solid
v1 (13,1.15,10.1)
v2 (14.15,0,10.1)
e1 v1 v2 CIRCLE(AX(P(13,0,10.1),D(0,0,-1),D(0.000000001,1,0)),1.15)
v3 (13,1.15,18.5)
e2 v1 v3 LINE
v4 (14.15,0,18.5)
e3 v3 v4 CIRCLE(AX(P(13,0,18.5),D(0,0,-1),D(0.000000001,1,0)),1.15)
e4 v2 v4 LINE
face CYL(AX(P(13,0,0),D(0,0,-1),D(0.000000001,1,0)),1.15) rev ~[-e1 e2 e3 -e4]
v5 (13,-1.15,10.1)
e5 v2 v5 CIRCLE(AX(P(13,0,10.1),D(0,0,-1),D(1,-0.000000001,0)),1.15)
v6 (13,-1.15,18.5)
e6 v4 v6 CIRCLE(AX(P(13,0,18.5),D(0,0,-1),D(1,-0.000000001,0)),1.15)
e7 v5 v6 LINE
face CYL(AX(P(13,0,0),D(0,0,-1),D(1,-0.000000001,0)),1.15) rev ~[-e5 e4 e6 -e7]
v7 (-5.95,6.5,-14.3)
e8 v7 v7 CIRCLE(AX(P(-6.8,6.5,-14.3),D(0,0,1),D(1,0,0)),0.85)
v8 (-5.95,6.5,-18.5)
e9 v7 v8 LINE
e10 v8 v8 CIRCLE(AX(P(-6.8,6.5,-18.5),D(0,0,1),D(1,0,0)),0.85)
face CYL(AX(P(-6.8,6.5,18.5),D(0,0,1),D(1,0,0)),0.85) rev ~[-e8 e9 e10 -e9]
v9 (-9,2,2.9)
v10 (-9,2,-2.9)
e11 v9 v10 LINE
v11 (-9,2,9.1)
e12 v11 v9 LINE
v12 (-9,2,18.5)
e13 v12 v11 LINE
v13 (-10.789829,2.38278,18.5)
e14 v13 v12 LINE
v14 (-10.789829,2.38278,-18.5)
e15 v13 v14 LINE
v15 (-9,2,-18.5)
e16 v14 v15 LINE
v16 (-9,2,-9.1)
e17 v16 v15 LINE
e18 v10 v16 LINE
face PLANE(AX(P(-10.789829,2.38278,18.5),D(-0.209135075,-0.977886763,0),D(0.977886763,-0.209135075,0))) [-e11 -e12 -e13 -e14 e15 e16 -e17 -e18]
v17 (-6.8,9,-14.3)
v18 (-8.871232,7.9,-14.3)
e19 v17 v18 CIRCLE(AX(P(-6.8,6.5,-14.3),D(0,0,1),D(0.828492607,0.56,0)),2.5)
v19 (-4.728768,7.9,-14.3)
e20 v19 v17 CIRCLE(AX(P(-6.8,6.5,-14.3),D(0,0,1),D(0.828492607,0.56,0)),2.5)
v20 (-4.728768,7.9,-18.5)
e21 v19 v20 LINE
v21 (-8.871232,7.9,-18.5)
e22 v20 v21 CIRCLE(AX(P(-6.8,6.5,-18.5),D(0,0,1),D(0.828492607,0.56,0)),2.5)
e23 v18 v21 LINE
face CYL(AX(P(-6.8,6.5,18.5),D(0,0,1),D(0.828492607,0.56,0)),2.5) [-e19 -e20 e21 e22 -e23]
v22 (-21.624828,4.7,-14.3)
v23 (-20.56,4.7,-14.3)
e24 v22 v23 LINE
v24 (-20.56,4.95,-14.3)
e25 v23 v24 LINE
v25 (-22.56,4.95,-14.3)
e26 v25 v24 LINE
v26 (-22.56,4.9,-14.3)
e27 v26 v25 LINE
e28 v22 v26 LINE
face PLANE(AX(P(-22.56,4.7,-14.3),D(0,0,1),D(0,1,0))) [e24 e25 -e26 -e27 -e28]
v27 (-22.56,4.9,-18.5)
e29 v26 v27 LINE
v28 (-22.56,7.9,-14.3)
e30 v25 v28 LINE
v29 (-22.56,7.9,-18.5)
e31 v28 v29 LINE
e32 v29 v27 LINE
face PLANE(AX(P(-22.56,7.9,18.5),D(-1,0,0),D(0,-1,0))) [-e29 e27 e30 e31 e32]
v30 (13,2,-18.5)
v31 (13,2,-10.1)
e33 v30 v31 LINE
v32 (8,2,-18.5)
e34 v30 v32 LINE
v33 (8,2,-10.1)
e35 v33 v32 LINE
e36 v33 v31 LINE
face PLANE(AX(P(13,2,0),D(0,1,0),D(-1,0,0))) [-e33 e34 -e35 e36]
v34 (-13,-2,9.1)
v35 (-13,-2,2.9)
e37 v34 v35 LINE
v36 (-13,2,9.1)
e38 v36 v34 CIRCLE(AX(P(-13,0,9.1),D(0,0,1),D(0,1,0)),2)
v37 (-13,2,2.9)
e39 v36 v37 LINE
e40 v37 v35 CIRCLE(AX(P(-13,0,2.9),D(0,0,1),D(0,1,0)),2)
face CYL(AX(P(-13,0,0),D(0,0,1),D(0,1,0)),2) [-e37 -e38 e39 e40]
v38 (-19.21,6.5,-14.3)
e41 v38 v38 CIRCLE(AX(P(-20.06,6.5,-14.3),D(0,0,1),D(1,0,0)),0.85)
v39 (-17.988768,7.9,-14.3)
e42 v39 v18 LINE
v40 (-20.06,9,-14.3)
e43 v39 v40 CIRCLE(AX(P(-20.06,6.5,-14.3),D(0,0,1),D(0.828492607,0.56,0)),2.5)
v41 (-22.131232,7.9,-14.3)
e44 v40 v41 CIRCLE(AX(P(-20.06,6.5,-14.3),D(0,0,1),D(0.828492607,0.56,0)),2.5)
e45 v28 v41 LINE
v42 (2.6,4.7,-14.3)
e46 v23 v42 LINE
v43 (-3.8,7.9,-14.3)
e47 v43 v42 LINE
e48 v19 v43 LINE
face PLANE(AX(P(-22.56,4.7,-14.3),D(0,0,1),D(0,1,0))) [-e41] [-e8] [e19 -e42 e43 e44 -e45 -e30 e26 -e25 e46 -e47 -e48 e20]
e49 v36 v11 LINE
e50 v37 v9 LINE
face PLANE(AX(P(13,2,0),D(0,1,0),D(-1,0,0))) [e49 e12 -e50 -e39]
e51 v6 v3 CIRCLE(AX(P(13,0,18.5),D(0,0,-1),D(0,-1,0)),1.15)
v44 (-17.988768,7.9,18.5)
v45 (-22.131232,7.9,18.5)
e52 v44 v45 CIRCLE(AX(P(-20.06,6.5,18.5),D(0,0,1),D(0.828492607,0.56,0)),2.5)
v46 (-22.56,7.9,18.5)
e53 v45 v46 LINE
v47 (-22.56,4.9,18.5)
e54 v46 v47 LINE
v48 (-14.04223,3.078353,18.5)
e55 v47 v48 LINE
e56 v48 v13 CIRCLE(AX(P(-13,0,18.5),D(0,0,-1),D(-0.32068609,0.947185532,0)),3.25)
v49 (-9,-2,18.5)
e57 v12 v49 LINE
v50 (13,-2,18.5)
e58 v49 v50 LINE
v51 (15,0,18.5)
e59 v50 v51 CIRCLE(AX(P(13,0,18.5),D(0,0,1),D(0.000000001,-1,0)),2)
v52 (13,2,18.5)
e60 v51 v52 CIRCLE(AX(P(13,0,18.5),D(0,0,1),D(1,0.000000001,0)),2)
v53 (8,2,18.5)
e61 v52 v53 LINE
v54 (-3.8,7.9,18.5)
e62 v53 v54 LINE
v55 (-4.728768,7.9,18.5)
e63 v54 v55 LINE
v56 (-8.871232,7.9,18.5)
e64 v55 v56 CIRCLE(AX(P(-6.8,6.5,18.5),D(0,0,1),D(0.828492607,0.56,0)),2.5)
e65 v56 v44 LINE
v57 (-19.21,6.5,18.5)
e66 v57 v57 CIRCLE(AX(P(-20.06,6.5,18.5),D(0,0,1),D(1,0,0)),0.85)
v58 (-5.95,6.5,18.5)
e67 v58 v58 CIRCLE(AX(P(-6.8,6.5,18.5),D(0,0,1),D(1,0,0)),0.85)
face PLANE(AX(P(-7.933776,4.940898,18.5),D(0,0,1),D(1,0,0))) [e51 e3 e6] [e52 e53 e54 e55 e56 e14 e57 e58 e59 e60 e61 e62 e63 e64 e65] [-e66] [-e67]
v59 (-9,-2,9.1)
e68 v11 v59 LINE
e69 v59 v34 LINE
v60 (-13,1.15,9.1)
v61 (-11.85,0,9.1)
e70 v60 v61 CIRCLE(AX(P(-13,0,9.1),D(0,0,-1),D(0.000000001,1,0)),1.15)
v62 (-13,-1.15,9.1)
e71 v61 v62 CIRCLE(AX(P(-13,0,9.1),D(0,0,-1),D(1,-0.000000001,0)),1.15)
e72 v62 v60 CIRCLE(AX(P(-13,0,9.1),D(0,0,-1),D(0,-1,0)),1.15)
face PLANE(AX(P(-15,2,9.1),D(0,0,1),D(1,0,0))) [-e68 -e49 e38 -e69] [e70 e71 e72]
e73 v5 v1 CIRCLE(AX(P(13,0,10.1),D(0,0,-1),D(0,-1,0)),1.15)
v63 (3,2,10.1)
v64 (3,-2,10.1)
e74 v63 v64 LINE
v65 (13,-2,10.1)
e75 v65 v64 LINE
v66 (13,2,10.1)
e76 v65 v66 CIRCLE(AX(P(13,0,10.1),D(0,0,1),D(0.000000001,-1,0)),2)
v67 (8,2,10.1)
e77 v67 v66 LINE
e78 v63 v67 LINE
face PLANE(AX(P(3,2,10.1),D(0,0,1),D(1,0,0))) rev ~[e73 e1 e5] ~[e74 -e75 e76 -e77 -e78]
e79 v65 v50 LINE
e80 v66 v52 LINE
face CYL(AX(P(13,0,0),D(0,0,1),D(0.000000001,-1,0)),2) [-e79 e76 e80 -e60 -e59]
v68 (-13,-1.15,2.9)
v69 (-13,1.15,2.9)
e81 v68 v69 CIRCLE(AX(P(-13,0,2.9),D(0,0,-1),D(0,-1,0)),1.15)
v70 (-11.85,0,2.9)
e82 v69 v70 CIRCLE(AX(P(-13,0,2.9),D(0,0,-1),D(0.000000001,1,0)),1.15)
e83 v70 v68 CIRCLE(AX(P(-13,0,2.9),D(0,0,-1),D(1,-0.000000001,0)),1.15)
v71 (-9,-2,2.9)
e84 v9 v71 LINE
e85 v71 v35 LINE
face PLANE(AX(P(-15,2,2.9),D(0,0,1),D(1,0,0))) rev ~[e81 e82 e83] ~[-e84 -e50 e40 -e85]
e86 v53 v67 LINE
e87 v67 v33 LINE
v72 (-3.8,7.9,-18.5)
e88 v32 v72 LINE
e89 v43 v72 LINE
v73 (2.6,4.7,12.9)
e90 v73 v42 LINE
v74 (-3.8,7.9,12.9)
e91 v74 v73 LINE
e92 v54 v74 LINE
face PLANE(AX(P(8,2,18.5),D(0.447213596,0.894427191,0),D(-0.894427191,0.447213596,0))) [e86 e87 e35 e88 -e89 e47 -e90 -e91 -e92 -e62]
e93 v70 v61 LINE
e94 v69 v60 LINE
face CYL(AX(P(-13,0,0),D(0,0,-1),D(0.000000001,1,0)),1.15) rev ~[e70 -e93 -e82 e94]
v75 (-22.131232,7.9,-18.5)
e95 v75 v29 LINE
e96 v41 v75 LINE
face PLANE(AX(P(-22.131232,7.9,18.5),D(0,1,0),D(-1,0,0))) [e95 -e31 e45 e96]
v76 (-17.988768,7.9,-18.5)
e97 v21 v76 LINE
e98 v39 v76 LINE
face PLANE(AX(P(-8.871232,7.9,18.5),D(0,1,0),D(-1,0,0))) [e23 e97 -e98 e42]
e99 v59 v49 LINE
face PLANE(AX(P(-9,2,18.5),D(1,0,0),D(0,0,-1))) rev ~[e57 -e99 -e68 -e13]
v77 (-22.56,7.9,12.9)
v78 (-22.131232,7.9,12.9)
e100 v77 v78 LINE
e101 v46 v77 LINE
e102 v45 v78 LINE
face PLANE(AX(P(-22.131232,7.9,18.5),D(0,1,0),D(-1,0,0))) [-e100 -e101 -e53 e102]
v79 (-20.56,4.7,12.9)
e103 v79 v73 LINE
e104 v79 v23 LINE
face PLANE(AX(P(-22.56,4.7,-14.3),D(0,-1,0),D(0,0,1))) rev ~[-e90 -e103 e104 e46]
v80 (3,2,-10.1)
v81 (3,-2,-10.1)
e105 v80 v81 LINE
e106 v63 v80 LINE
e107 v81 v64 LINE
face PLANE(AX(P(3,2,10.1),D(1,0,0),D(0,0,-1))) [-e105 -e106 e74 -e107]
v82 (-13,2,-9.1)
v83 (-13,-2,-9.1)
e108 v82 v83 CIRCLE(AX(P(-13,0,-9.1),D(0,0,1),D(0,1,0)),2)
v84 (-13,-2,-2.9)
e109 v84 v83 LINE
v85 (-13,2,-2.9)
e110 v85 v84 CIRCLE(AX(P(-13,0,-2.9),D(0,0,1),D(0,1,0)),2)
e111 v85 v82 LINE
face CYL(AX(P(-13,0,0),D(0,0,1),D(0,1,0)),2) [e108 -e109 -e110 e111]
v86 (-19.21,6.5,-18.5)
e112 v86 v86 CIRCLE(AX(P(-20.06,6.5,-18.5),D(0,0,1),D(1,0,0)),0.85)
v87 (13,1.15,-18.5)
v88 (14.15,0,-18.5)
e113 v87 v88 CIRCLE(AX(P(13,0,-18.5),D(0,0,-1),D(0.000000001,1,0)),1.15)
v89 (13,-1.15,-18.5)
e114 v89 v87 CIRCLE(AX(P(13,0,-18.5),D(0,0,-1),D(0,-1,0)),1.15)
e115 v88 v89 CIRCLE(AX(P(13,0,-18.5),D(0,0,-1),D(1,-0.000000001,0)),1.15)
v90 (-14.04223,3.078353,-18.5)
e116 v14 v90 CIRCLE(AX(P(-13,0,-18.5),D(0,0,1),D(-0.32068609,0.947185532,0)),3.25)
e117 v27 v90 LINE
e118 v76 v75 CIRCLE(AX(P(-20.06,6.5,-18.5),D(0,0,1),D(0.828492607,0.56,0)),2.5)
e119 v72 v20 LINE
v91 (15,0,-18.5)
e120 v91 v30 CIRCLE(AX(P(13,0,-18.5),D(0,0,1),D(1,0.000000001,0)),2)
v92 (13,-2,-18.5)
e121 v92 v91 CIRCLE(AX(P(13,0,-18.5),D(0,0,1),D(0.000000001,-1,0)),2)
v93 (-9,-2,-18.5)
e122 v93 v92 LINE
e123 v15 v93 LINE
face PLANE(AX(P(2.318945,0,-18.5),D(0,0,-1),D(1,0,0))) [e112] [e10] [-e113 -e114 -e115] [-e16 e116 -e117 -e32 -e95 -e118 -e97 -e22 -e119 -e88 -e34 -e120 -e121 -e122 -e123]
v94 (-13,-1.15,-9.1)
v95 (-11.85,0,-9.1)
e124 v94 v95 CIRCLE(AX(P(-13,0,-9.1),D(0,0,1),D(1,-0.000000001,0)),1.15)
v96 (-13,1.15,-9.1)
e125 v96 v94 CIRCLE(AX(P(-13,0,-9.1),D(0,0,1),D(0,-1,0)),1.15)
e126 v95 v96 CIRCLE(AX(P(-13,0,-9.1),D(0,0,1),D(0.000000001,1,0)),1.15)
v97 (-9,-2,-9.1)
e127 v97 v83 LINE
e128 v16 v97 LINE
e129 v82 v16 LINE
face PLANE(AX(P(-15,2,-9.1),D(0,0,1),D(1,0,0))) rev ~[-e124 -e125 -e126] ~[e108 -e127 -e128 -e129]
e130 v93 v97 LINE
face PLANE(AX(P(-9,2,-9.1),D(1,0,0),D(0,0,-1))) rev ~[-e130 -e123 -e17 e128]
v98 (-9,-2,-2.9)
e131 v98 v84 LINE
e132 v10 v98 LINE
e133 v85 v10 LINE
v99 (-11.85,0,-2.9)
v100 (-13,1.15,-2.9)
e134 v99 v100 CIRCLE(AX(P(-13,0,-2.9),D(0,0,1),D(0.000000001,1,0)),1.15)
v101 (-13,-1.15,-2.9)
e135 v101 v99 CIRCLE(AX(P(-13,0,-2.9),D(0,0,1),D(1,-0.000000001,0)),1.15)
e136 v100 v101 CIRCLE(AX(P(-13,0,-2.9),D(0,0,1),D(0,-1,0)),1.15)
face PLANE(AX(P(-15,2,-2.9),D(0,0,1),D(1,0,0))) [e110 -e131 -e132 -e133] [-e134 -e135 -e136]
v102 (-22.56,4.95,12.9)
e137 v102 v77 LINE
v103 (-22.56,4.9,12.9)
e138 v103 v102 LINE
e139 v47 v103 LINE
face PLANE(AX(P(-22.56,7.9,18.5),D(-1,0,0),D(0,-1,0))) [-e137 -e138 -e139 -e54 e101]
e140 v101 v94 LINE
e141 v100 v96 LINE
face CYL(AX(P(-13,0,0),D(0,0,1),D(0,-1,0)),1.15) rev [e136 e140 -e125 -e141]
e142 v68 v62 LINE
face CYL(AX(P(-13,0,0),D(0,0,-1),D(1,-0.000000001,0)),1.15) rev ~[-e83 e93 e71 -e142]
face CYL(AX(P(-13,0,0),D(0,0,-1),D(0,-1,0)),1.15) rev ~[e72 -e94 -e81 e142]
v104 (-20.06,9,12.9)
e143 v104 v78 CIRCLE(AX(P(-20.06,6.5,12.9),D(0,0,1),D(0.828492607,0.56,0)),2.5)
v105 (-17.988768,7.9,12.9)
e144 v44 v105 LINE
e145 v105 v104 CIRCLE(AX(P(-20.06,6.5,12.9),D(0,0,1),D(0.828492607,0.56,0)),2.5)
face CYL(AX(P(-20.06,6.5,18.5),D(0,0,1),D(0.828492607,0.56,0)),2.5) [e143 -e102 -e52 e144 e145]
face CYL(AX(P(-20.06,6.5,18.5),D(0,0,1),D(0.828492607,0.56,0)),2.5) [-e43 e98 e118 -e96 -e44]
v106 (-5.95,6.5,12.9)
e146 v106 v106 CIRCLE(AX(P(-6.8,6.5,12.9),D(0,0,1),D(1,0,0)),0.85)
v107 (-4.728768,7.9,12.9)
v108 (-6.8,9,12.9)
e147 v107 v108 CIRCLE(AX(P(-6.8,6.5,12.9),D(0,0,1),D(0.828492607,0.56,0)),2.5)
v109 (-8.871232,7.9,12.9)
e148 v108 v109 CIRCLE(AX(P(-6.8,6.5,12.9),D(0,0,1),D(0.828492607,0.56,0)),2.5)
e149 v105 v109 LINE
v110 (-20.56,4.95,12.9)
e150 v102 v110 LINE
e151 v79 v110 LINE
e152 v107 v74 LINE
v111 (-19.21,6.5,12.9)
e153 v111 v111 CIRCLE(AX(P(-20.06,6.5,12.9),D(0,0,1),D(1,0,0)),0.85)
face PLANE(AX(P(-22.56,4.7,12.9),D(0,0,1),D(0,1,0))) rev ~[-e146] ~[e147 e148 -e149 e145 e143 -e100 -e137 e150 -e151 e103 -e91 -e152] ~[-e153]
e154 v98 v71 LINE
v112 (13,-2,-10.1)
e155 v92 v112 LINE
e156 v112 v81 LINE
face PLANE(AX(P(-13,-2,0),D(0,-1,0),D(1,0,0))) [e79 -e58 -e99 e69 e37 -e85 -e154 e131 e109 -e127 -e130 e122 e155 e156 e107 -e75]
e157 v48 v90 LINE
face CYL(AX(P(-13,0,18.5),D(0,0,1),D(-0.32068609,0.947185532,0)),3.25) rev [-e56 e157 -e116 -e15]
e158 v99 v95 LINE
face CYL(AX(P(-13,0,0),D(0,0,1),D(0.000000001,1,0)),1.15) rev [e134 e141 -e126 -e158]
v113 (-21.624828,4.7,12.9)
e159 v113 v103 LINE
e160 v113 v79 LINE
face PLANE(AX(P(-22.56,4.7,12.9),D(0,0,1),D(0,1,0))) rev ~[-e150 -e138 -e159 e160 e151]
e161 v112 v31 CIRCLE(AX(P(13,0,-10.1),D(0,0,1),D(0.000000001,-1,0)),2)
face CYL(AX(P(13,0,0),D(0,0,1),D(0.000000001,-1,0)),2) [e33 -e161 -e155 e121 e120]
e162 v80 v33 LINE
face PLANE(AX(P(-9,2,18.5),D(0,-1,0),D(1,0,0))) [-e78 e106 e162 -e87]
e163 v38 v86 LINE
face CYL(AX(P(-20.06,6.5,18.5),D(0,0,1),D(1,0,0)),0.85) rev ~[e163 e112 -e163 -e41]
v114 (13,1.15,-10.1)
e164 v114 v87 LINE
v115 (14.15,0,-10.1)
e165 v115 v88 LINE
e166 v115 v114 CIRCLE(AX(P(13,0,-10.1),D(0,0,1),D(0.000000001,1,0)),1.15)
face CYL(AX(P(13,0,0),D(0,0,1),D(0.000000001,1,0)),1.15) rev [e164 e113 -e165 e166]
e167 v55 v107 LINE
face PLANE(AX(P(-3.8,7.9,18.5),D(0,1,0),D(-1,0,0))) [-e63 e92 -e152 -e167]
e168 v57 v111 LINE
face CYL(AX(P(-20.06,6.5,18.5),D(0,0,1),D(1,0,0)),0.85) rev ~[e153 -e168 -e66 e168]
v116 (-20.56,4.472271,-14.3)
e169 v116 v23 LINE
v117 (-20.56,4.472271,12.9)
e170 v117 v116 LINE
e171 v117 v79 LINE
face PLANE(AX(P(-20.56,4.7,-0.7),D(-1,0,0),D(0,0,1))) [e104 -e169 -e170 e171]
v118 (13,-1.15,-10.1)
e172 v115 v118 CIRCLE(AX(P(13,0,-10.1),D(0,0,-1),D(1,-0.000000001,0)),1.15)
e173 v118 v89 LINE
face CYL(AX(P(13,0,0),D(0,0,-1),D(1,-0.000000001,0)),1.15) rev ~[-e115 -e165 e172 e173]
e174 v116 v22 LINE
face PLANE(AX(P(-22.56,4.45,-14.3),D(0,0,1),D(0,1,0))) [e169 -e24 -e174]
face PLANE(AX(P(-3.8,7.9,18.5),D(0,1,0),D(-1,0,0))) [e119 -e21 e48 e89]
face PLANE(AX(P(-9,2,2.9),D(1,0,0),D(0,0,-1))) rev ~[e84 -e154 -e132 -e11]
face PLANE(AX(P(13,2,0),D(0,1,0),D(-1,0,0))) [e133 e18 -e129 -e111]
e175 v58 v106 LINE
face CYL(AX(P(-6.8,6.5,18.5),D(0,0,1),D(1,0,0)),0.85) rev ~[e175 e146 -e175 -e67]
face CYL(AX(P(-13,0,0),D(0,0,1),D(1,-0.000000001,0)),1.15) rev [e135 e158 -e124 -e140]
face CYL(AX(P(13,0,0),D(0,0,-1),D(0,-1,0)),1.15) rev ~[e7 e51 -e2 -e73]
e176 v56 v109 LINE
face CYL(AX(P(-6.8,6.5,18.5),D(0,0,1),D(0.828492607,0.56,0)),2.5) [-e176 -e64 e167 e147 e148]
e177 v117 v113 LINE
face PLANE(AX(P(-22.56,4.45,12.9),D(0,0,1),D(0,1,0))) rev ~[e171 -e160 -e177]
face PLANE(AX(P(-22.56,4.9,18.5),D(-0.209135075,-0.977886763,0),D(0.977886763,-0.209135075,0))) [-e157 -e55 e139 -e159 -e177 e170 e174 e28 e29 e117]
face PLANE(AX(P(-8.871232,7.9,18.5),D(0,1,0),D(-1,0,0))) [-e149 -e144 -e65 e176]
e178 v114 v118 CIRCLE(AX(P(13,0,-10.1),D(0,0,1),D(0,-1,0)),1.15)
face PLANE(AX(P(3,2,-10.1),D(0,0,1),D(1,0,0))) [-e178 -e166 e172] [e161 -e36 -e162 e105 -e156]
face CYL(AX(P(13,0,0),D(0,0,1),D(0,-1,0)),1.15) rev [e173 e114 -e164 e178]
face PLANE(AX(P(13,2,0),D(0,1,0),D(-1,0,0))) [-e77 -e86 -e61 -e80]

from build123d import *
from build123d.topology import SkipClean

# Parameters (mm, degrees)
EXTRUDE_1_DEPTH     = 18.5
SKETCH_2_W          = 6
SKETCH_2_H          = 5.8
SKETCH_2_H_2        = 9.4
SKETCH_2_W_2        = 12
SKETCH_2_H_3        = 20.2
CUT_EXTRUDE_1_DEPTH = 25.150569351
EXTRUDE_2_REACH     = 41.975
SKETCH_4_R          = 0.85
SKETCH_5_W          = 27.2
SKETCH_5_H          = 4.3
CUT_EXTRUDE_2_DEPTH = 43.825268242
SKETCH_6_W          = 27.2
SKETCH_6_H          = 0.5
CUT_EXTRUDE_3_DEPTH = 2


with BuildPart() as part:
    # 草图1 → 凸台-拉伸1 (new, symmetric)
    with BuildSketch(Plane.XY):
        with BuildLine():
            ThreePointArc((-11, 0), (-11.585786438, 1.414213562), (-13, 2))
            Line((-13, 2), (-13, 1.15))
            ThreePointArc((-13, 1.15), (-12.186827202, 0.813172798), (-11.85, 0))
            ThreePointArc((-11.85, 0), (-12.186827202, -0.813172798), (-13, -1.15))
            Line((-13, -1.15), (-13, -2))
            ThreePointArc((-13, -2), (-11.585786438, -1.414213562), (-11, 0))
        make_face()
        with BuildLine():
            Line((-13, 1.15), (-13, 2))
            ThreePointArc((-13, 2), (-15, 0), (-13, -2))
            Line((-13, -2), (-13, -1.15))
            ThreePointArc((-13, -1.15), (-14.15, 0), (-13, 1.15))
        make_face()
        with BuildLine():
            ThreePointArc((-11, 0), (-11.585786438, 1.414213562), (-13, 2))
            Line((-13, 2), (-13, 1.15))
            ThreePointArc((-13, 1.15), (-12.186827202, 0.813172798), (-11.85, 0))
            ThreePointArc((-11.85, 0), (-12.186827202, -0.813172798), (-13, -1.15))
            Line((-13, -1.15), (-13, -2))
            ThreePointArc((-13, -2), (-11.585786438, -1.414213562), (-11, 0))
        make_face()
        with BuildLine():
            Line((-13, 1.15), (-13, 2))
            ThreePointArc((-13, 2), (-15, 0), (-13, -2))
            Line((-13, -2), (-13, -1.15))
            ThreePointArc((-13, -1.15), (-14.15, 0), (-13, 1.15))
        make_face()
        with BuildLine():
            Line((13, 2), (-13, 2))
            ThreePointArc((-13, 2), (-11.585786438, 1.414213562), (-11, 0))
            ThreePointArc((-11, 0), (-11.585786438, -1.414213562), (-13, -2))
            Line((-13, -2), (13, -2))
            ThreePointArc((13, -2), (11, 0), (13, 2))
        make_face()
        with BuildLine():
            ThreePointArc((15, 0), (14.414213562, 1.414213562), (13, 2))
            Line((13, 2), (13, 1.15))
            ThreePointArc((13, 1.15), (13.813172798, 0.813172798), (14.15, 0))
            ThreePointArc((14.15, 0), (13.813172798, -0.813172798), (13, -1.15))
            Line((13, -1.15), (13, -2))
            ThreePointArc((13, -2), (14.414213562, -1.414213562), (15, 0))
        make_face()
        with BuildLine():
            Line((13, 1.15), (13, 2))
            ThreePointArc((13, 2), (11, 0), (13, -2))
            Line((13, -2), (13, -1.15))
            ThreePointArc((13, -1.15), (11.85, 0), (13, 1.15))
        make_face()
        with BuildLine():
            ThreePointArc((15, 0), (14.414213562, 1.414213562), (13, 2))
            Line((13, 2), (13, 1.15))
            ThreePointArc((13, 1.15), (13.813172798, 0.813172798), (14.15, 0))
            ThreePointArc((14.15, 0), (13.813172798, -0.813172798), (13, -1.15))
            Line((13, -1.15), (13, -2))
            ThreePointArc((13, -2), (14.414213562, -1.414213562), (15, 0))
        make_face()
        with BuildLine():
            Line((13, 1.15), (13, 2))
            ThreePointArc((13, 2), (11, 0), (13, -2))
            Line((13, -2), (13, -1.15))
            ThreePointArc((13, -1.15), (11.85, 0), (13, 1.15))
        make_face()
    extrude(amount=EXTRUDE_1_DEPTH, both=True)

    # 草图2 → 切除-拉伸1 (cut, through all)
    with SkipClean():  # the faces are left unmerged after this step: merging them gives an invalid solid
        with BuildSketch(Plane(origin=(0, 2, 0), x_dir=(1, 0, 0), z_dir=(0, 1, 0))):
            with Locations((-12, 0)):
                Rectangle(SKETCH_2_W, SKETCH_2_H)
            with Locations((-12, -13.8)):
                Rectangle(SKETCH_2_W, SKETCH_2_H_2)
            with Locations((-12, 13.8)):
                Rectangle(SKETCH_2_W, SKETCH_2_H_2)
            with Locations((9, 0)):
                Rectangle(SKETCH_2_W_2, SKETCH_2_H_3)
        extrude(amount=-CUT_EXTRUDE_1_DEPTH, mode=Mode.SUBTRACT)

    # 凸台-拉伸2: up to this face of the body (flat: up to its plane)
    extrude_2_end = Plane(part.part.faces().sort_by_distance((2.318945453, 0, -18.5))[0])
    # 草图4 → 凸台-拉伸2 (add, up to the picked face)
    with BuildSketch(Plane.XY.offset(18.5), mode=Mode.PRIVATE) as extrude_2_sk1:
        with BuildLine():
            Line((-10.789828689, 2.382780472), (-9, 2))
            Line((-9, 2), (8, 2))
            Line((8, 2), (-3.8, 7.9))
            Line((-3.8, 7.9), (-4.728768482, 7.9))
            ThreePointArc((-4.728768482, 7.9), (-6.8, 9), (-8.871231518, 7.9))
            Line((-8.871231518, 7.9), (-17.988768482, 7.9))
            ThreePointArc((-17.988768482, 7.9), (-20.06, 9), (-22.131231518, 7.9))
            Line((-22.131231518, 7.9), (-22.56, 7.9))
            Line((-22.56, 7.9), (-22.56, 4.9))
            Line((-22.56, 4.9), (-14.042229791, 3.078352979))
            ThreePointArc((-14.042229791, 3.078352979), (-12.320311008, 3.178131979), (-10.789828689, 2.382780472))
        make_face()
        with Locations((-20.06, 6.5)):
            Circle(SKETCH_4_R, mode=Mode.SUBTRACT)
        with Locations((-6.8, 6.5)):
            Circle(SKETCH_4_R, mode=Mode.SUBTRACT)
    extrude_2_tool1 = split(extrude(extrude_2_sk1.sketch, amount=-EXTRUDE_2_REACH, mode=Mode.PRIVATE), bisect_by=extrude_2_end, keep=Keep.BOTH, mode=Mode.PRIVATE)
    add(extrude_2_tool1.solids().sort_by(Axis((-8.777143, 5.120579, 18.5), (0, 0, -1)))[0])

    # 草图5 → 切除-拉伸2 (cut, through all)
    with SkipClean():  # the faces are left unmerged after this step: merging them gives an invalid solid
        with BuildSketch(Plane.ZY.offset(22.56)):
            with Locations((-0.7, 6.85)):
                Rectangle(SKETCH_5_W, SKETCH_5_H)
        extrude(amount=-CUT_EXTRUDE_2_DEPTH, mode=Mode.SUBTRACT)

    # 草图6 → 切除-拉伸3 (cut)
    with SkipClean():  # the faces are left unmerged after this step: merging them gives an invalid solid
        with BuildSketch(Plane.ZY.offset(22.56)):
            with Locations((-0.7, 4.7)):
                Rectangle(SKETCH_6_W, SKETCH_6_H)
        extrude(amount=-CUT_EXTRUDE_3_DEPTH, mode=Mode.SUBTRACT)


solid = part.part
